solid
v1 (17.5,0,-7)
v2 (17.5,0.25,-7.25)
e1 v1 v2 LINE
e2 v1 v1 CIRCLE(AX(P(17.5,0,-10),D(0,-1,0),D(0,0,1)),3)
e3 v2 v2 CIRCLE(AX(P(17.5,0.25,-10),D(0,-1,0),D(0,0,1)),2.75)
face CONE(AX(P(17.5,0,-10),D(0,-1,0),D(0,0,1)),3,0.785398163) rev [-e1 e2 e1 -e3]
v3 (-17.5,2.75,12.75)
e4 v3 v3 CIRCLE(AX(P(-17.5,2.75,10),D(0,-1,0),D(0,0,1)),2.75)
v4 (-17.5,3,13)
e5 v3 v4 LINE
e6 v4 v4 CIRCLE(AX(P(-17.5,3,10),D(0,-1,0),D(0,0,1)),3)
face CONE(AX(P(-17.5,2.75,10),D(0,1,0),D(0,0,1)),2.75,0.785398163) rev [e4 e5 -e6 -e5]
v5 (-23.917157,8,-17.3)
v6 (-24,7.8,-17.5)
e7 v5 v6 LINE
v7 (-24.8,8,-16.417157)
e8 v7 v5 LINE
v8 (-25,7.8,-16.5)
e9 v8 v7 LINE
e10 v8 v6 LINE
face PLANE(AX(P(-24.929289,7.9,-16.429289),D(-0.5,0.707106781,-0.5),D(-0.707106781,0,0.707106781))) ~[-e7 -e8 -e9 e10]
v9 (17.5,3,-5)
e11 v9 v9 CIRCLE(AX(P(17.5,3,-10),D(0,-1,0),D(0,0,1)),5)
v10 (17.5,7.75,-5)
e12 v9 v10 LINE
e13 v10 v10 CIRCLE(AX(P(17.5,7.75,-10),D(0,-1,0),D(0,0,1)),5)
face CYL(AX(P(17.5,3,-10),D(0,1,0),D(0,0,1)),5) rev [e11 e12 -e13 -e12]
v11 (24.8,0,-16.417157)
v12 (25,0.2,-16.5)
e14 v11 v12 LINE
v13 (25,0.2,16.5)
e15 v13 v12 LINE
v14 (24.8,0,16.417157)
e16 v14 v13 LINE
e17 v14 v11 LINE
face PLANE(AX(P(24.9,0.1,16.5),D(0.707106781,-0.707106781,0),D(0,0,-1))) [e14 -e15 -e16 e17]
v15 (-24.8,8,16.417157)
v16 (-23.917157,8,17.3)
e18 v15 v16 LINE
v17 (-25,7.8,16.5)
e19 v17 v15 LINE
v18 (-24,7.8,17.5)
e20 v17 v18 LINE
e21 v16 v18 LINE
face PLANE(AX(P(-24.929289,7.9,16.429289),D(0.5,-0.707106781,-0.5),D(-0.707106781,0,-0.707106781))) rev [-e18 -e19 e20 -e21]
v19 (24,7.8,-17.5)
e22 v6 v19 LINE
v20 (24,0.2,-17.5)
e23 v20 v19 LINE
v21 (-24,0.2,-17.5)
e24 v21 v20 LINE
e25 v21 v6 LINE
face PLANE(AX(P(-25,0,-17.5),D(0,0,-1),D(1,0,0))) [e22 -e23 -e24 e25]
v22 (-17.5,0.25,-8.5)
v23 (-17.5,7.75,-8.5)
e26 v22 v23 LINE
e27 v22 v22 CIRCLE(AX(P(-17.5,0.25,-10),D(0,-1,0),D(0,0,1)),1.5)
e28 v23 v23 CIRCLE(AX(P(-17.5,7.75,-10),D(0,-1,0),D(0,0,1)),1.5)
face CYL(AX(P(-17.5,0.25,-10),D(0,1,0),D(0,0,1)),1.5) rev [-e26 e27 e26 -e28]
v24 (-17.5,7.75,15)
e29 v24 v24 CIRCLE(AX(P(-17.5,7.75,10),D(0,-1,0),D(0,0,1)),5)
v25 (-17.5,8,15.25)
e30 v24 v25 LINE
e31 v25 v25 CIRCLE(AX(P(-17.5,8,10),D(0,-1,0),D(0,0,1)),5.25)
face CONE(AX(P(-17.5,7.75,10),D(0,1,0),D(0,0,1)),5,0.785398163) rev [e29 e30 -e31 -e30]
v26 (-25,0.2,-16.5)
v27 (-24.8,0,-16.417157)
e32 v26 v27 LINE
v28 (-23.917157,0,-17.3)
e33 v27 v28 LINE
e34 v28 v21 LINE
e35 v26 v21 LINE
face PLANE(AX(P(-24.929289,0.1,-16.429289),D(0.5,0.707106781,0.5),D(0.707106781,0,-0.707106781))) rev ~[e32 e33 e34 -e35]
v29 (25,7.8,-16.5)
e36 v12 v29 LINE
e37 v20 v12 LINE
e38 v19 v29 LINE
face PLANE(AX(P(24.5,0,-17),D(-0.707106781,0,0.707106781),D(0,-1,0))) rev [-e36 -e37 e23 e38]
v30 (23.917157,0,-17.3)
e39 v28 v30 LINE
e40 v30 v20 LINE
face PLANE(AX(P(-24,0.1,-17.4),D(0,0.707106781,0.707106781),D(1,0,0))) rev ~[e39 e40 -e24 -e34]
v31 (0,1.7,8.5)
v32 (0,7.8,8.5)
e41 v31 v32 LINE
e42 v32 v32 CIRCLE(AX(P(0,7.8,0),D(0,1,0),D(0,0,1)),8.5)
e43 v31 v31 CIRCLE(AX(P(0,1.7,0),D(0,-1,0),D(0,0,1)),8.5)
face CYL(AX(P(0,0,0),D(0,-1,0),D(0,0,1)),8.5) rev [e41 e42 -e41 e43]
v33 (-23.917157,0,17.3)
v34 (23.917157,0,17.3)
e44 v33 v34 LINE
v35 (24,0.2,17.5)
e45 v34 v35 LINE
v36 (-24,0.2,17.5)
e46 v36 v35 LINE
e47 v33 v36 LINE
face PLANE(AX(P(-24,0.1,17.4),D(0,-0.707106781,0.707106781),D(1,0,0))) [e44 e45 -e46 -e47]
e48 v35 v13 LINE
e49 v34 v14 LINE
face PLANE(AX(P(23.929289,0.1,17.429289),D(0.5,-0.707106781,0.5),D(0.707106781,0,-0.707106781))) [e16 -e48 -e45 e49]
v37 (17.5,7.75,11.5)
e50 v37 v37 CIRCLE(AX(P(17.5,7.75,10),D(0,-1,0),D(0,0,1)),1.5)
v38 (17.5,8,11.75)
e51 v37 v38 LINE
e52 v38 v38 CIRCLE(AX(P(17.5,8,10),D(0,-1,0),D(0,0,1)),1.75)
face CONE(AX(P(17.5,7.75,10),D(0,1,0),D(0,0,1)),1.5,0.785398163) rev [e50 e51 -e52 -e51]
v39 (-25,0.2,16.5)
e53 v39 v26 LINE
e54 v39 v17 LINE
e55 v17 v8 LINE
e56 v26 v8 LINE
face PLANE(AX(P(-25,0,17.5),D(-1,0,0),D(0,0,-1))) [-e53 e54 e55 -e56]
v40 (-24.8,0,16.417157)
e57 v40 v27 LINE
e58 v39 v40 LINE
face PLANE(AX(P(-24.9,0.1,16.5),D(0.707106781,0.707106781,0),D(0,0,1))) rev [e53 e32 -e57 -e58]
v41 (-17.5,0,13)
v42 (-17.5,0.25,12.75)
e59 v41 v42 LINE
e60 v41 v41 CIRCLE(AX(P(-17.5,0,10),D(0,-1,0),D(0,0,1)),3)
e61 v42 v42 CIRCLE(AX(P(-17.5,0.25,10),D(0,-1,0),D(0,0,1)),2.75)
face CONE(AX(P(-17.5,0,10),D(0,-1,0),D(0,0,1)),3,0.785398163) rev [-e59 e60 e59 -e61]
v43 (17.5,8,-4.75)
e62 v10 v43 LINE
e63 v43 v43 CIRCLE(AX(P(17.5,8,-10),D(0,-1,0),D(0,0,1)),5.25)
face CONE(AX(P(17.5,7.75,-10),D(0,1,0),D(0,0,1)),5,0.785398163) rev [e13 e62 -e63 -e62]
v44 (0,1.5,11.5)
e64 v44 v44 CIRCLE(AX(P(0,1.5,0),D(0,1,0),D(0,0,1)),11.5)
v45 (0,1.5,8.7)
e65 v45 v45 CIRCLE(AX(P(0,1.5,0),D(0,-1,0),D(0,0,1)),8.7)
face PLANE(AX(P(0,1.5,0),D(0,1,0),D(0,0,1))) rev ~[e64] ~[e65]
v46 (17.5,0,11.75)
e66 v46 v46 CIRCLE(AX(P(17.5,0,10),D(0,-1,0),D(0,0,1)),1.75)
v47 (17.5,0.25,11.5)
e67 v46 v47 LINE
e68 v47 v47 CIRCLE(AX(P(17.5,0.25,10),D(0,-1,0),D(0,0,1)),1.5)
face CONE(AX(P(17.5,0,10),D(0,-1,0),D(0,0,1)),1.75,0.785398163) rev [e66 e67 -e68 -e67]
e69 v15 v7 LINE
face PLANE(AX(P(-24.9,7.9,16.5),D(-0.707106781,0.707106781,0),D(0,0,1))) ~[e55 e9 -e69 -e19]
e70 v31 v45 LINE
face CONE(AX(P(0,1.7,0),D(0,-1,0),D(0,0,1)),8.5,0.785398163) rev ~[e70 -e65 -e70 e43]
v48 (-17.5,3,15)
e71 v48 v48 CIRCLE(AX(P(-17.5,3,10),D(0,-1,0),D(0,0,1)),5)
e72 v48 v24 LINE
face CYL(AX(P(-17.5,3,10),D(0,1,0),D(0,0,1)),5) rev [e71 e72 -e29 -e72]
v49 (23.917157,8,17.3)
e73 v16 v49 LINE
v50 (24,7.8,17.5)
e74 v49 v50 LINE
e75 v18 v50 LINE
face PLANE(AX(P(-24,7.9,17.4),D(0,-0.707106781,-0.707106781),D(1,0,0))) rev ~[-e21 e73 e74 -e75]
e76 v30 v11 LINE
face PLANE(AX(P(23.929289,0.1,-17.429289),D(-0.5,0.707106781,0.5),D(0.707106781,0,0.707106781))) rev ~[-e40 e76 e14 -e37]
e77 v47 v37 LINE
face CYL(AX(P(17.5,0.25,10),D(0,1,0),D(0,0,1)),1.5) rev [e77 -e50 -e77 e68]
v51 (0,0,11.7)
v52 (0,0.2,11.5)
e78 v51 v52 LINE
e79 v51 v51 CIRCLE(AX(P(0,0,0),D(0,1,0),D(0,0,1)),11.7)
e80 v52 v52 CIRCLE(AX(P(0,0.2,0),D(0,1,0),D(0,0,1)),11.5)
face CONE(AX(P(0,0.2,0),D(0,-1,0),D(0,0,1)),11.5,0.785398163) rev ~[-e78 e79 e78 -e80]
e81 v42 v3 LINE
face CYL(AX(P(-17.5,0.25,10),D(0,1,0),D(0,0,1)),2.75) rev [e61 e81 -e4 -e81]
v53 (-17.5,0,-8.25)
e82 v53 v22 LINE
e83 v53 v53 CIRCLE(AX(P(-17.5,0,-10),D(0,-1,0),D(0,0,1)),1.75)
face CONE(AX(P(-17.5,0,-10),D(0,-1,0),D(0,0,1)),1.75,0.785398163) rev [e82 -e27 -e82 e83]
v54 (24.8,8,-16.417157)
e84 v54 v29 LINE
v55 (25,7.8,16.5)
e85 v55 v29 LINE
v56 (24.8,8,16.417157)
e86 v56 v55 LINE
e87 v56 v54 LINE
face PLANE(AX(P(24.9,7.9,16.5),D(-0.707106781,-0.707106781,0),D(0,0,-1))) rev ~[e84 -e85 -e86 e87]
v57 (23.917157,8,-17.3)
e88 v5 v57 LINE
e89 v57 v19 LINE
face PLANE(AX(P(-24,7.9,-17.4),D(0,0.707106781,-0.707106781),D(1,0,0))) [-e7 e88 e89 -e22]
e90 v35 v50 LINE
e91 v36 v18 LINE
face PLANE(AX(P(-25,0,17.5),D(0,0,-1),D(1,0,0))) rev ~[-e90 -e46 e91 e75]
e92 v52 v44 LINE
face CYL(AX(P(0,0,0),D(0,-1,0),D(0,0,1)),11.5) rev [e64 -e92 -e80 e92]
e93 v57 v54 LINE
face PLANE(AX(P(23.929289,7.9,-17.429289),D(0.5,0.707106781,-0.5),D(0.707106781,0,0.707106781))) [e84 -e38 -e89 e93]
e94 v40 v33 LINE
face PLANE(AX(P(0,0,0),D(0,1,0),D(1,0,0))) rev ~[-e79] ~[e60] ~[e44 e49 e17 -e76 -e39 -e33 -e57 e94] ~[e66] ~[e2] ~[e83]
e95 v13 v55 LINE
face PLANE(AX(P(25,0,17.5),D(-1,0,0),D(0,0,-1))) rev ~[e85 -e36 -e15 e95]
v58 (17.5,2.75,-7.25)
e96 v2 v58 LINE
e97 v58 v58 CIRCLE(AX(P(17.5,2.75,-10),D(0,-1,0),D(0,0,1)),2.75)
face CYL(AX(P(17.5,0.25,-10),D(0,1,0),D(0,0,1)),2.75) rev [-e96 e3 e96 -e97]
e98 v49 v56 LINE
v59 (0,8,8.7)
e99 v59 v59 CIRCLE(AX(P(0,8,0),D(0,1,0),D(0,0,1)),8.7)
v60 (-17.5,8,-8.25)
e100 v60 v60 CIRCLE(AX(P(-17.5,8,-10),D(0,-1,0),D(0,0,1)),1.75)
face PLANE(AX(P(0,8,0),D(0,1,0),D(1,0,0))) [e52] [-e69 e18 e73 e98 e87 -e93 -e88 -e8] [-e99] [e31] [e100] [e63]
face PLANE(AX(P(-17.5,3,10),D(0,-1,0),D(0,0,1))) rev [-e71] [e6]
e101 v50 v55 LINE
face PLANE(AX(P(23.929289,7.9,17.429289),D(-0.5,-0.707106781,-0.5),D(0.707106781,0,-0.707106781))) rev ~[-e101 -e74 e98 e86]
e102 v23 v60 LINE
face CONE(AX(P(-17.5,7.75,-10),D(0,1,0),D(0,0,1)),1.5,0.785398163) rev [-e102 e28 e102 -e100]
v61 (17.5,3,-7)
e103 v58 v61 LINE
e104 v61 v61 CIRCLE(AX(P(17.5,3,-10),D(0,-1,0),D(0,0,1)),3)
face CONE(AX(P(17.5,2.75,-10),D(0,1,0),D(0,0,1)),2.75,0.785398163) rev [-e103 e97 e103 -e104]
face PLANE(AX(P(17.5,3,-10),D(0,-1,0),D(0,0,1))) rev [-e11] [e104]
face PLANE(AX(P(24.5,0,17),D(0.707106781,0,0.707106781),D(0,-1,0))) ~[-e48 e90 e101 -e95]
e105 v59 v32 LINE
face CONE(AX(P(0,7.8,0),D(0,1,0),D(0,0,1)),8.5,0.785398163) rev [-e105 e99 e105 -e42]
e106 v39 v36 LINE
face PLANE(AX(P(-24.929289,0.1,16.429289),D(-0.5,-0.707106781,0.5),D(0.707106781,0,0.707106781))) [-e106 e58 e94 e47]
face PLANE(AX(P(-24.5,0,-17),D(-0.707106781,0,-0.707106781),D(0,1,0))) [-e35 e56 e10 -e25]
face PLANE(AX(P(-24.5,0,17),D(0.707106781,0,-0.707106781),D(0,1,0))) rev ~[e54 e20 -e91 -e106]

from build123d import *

# Parameters (mm, degrees)
SKETCH1_W                      = 50
SKETCH1_H                      = 35
SKETCH1_R                      = 8.5
BOSS_EXTRUDE1_DEPTH            = 8
F_3_0MM_DOWEL_HOLE1_AT_2_COUNT = 2
F_3_0MM_DOWEL_HOLE1_AT_2_PITCH = 40.311288741
CBORE_FOR_M5_SHCS1_AT_2_COUNT  = 2
CBORE_FOR_M5_SHCS1_AT_2_PITCH  = 40.311288741
SKETCH6_R                      = 11.5
CUT_EXTRUDE1_DEPTH             = 1.5
CHAMFER1_SIZE                  = 1
CHAMFER2_SIZE                  = 0.2


with BuildPart() as part:
    # Sketch1 → Boss-Extrude1 (new body)
    with BuildSketch(Plane(origin=(0, 0, 0), x_dir=(1, 0, 0), z_dir=(0, 1, 0))):
        Rectangle(SKETCH1_W, SKETCH1_H)
        with Locations(Location((0, 0, 0), (0, 0, 270))):
            Circle(SKETCH1_R, mode=Mode.SUBTRACT)
    extrude(amount=BOSS_EXTRUDE1_DEPTH)

    # Sketch3 → Ø3.0mm Dowel Hole1 (revolve, cut)
    with BuildSketch(Plane(origin=(-17.5, 8, -10), x_dir=(0, 0, 1), z_dir=(1, 0, 0))):
        Polygon((0, 0), (0, 8), (1.75, 8), (1.5, 7.75), (1.5, 0.25), (1.75, 0), align=None)
    f_3_0mm_dowel_hole1 = revolve(axis=Axis((-17.5, 14.35, -10), (0, -1, 0)), mode=Mode.SUBTRACT)

    # Ø3.0mm Dowel Hole1 at 2: Ø3.0mm Dowel Hole1 ×2
    with Locations(*[Vector(0.8682431421244593, 0, 0.49613893835683387) * (i * F_3_0MM_DOWEL_HOLE1_AT_2_PITCH) for i in range(1, F_3_0MM_DOWEL_HOLE1_AT_2_COUNT)]):
        add(f_3_0mm_dowel_hole1, mode=Mode.SUBTRACT)

    # Sketch5 → CBORE for M5 SHCS1 (revolve, cut)
    with BuildSketch(Plane(origin=(17.5, 8, -10), x_dir=(0, 0, 1), z_dir=(1, 0, 0))):
        Polygon((0, 0), (0, 8), (3, 8), (2.75, 7.75), (2.75, 5.25), (3, 5), (5, 5), (5, 0.25), (5.25, 0), align=None)
    cbore_for_m5_shcs1 = revolve(axis=Axis((17.5, 14.35, -10), (0, -1, 0)), mode=Mode.SUBTRACT)

    # CBORE for M5 SHCS1 at 2: CBORE for M5 SHCS1 ×2
    with Locations(*[Vector(-0.8682431421244593, 0, 0.49613893835683387) * (i * CBORE_FOR_M5_SHCS1_AT_2_PITCH) for i in range(1, CBORE_FOR_M5_SHCS1_AT_2_COUNT)]):
        add(cbore_for_m5_shcs1, mode=Mode.SUBTRACT)

    # Sketch6 → Cut-Extrude1 (cut)
    with BuildSketch(Plane(origin=(0, 0, 0), x_dir=(1, 0, 0), z_dir=(0, 1, 0))):
        with Locations(Location((0, 0, 0), (0, 0, 270))):
            Circle(SKETCH6_R)
    extrude(amount=CUT_EXTRUDE1_DEPTH, mode=Mode.SUBTRACT)

    # Chamfer1
    chamfer1_edges = [part.edges().sort_by_distance(p)[0] for p in [
        (-25, 4, -17.5),
        (25, 4, -17.5),
        (25, 4, 17.5),
        (-25, 4, 17.5),
    ]]
    chamfer(chamfer1_edges, length=CHAMFER1_SIZE)

    # Chamfer2
    chamfer2_edges = [part.edges().sort_by_distance(p)[0] for p in [
        (0, 8, -8.5),
        (0, 1.5, -8.5),
        (0, 0, -11.5),
        (0, 0, -17.5),
        (0, 8, -17.5),
        (-25, 0, 0),
        (25, 0, 0),
        (0, 0, 17.5),
        (-24.5, 0, 17),
        (-24.5, 0, -17),
        (24.5, 0, 17),
        (24.5, 0, -17),
        (25, 8, 0),
        (-25, 8, 0),
        (0, 8, 17.5),
        (-24.5, 8, 17),
        (-24.5, 8, -17),
        (24.5, 8, 17),
        (24.5, 8, -17),
    ]]
    chamfer(chamfer2_edges, length=CHAMFER2_SIZE)


solid = part.part
